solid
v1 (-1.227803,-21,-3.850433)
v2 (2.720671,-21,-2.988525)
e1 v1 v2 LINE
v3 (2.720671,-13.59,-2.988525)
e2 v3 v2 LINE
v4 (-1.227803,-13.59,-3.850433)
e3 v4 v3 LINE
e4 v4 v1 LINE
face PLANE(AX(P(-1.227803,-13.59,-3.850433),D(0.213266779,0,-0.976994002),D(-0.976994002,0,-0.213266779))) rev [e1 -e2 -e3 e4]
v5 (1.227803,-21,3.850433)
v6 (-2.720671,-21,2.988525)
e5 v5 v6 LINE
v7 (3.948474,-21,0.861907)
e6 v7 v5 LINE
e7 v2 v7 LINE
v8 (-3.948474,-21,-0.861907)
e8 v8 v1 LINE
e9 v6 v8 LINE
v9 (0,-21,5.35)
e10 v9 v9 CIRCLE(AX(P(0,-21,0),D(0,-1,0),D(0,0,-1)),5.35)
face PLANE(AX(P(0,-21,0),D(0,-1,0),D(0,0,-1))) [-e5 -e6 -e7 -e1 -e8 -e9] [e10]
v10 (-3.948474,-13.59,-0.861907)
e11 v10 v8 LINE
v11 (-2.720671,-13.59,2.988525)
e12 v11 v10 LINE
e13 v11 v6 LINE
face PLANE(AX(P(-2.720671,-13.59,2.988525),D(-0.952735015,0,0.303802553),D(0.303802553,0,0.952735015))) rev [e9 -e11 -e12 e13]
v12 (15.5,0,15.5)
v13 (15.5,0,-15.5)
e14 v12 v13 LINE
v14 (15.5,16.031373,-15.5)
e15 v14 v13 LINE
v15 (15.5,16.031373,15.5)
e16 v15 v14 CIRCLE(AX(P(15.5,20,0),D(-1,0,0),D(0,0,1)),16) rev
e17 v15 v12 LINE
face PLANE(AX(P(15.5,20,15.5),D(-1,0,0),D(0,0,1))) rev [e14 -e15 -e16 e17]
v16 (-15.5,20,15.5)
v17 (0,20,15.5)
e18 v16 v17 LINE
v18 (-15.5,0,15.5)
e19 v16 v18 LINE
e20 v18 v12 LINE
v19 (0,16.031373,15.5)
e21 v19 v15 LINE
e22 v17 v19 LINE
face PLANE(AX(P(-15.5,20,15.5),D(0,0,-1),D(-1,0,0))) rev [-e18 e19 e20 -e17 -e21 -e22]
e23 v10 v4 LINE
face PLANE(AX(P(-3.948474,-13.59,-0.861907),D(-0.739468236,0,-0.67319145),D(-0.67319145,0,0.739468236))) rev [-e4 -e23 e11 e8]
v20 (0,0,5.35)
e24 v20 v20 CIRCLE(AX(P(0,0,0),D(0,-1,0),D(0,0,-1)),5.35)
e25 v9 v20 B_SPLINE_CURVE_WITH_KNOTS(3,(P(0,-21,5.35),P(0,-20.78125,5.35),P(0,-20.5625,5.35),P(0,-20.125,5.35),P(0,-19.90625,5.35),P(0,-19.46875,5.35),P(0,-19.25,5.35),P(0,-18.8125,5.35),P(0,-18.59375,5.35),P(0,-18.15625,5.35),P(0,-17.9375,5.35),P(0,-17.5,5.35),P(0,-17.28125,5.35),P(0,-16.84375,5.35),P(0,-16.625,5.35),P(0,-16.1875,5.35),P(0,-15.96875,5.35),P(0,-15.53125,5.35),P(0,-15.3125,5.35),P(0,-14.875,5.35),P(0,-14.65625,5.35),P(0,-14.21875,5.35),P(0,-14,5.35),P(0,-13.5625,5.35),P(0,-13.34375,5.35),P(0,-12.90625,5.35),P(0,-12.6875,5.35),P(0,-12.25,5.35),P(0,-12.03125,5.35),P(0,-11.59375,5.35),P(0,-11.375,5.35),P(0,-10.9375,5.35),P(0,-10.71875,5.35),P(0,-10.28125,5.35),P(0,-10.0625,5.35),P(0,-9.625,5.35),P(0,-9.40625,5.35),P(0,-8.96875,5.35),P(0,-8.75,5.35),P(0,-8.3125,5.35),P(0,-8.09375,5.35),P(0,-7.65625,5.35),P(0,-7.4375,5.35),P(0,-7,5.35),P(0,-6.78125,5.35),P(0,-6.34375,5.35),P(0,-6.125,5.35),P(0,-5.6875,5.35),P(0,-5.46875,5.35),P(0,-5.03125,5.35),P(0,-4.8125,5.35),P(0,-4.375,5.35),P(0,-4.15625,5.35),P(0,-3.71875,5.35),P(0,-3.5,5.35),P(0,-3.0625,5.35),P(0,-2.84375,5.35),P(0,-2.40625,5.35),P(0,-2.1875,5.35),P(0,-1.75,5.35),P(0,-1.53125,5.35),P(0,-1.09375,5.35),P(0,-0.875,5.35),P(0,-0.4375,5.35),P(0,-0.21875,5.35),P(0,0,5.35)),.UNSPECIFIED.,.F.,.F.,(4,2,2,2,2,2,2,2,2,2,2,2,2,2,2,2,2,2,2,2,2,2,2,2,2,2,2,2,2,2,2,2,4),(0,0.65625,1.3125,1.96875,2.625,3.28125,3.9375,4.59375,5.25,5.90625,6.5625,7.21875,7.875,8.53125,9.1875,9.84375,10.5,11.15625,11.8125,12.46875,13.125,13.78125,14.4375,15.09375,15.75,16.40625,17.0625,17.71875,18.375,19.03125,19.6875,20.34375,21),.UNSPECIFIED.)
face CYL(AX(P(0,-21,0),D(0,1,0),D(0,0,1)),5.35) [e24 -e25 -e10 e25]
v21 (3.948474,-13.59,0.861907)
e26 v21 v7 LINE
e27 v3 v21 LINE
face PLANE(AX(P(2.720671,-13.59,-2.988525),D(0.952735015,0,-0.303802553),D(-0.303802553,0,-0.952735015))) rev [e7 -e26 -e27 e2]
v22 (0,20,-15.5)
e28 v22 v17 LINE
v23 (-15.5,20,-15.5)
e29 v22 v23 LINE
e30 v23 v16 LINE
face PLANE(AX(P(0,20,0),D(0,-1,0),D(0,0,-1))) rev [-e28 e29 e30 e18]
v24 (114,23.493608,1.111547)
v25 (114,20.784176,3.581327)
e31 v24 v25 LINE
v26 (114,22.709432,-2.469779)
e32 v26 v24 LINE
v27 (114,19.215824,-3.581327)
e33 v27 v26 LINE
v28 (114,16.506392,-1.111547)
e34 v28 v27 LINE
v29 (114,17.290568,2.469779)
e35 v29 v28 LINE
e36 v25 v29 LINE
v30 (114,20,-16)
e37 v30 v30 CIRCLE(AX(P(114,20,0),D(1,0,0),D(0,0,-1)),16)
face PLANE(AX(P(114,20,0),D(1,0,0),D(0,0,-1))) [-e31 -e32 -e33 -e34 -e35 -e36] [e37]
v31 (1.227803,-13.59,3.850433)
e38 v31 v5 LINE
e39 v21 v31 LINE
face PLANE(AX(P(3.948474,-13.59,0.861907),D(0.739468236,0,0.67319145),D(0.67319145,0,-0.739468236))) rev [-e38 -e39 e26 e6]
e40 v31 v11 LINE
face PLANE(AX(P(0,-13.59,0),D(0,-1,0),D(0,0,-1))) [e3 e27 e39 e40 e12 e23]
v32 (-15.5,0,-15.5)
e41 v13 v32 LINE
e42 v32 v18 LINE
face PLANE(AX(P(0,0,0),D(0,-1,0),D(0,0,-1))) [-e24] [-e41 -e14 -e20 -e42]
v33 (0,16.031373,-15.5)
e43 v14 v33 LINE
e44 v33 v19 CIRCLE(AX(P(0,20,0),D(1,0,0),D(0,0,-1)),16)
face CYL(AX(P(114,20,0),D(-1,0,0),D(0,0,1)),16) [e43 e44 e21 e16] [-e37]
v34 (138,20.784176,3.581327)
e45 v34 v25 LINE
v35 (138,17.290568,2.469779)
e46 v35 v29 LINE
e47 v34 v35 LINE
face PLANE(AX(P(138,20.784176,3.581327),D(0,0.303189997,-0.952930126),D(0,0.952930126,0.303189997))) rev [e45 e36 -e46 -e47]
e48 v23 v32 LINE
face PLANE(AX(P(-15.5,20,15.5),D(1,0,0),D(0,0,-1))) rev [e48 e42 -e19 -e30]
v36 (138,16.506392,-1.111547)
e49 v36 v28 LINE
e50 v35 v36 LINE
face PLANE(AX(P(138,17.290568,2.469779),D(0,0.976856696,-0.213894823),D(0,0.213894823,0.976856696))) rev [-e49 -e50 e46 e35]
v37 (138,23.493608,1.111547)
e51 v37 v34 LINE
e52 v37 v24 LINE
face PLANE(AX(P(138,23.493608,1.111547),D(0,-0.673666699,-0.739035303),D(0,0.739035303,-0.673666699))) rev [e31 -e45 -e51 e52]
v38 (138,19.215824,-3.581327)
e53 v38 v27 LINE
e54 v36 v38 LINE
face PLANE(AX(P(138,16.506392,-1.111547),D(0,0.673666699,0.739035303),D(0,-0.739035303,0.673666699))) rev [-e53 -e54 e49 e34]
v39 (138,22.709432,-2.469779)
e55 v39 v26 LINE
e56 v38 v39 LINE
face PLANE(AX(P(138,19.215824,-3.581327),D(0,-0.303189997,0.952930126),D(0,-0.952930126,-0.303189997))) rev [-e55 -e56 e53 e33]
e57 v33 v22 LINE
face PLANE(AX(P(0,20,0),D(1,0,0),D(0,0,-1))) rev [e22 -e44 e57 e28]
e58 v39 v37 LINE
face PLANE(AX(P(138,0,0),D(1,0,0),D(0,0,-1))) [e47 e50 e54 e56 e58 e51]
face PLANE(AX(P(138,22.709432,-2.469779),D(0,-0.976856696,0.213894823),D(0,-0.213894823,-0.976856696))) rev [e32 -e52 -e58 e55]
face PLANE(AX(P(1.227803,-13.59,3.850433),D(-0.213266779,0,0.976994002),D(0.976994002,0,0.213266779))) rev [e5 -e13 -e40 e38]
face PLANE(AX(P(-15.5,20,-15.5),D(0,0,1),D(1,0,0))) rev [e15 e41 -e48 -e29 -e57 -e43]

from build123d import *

# Parameters (mm, degrees)
SKETCH1_W           = 31
SKETCH1_H           = 31
BOSS_EXTRUDE1_DEPTH = 20
SKETCH2_R           = 16
BOSS_EXTRUDE2_DEPTH = 114
BOSS_EXTRUDE3_DEPTH = 24
SKETCH4_R           = 5.35
BOSS_EXTRUDE4_DEPTH = 21
CUT_EXTRUDE1_DEPTH  = 7.41


with BuildPart() as part:
    # Sketch1 → Boss-Extrude1 (new body)
    with BuildSketch(Plane(origin=(0, 0, 0), x_dir=(1, 0, 0), z_dir=(0, 1, 0))):
        Rectangle(SKETCH1_W, SKETCH1_H)
    extrude(amount=BOSS_EXTRUDE1_DEPTH)

    # Sketch2 → Boss-Extrude2 (add)
    with BuildSketch(Plane(origin=(0, 0, 0), x_dir=(0, 0, -1), z_dir=(1, 0, 0))):
        with Locations(Location((0, 20, 0), (0, 0, 194.361511563))):
            Circle(SKETCH2_R)
    extrude(amount=BOSS_EXTRUDE2_DEPTH)

    # Sketch3 → Boss-Extrude3 (add)
    with BuildSketch(Plane(origin=(114, 0, 0), x_dir=(0, 0, -1), z_dir=(1, 0, 0))):
        Polygon((2.469779477, 22.709432167), (-1.111547348, 23.493607852), (-3.581326825, 20.784175685), (-2.469779477, 17.290567833), (1.111547348, 16.506392148), (3.581326825, 19.215824315), align=None)
    extrude(amount=BOSS_EXTRUDE3_DEPTH)

    # Sketch4 → Boss-Extrude4 (add)
    with BuildSketch(Plane.XZ):
        with Locations(Location((0, 0, 0), (0, 0, 90))):
            Circle(SKETCH4_R)
    extrude(amount=BOSS_EXTRUDE4_DEPTH)

    # Sketch5 → Cut-Extrude1 (cut)
    with BuildSketch(Plane.XZ.offset(21)):
        Polygon((-3.948474252, -0.861907427), (-1.227803399, -3.850432722), (2.720670854, -2.988525295), (3.948474252, 0.861907427), (1.227803399, 3.850432722), (-2.720670854, 2.988525295), align=None)
    extrude(amount=-CUT_EXTRUDE1_DEPTH, mode=Mode.SUBTRACT)


solid = part.part
